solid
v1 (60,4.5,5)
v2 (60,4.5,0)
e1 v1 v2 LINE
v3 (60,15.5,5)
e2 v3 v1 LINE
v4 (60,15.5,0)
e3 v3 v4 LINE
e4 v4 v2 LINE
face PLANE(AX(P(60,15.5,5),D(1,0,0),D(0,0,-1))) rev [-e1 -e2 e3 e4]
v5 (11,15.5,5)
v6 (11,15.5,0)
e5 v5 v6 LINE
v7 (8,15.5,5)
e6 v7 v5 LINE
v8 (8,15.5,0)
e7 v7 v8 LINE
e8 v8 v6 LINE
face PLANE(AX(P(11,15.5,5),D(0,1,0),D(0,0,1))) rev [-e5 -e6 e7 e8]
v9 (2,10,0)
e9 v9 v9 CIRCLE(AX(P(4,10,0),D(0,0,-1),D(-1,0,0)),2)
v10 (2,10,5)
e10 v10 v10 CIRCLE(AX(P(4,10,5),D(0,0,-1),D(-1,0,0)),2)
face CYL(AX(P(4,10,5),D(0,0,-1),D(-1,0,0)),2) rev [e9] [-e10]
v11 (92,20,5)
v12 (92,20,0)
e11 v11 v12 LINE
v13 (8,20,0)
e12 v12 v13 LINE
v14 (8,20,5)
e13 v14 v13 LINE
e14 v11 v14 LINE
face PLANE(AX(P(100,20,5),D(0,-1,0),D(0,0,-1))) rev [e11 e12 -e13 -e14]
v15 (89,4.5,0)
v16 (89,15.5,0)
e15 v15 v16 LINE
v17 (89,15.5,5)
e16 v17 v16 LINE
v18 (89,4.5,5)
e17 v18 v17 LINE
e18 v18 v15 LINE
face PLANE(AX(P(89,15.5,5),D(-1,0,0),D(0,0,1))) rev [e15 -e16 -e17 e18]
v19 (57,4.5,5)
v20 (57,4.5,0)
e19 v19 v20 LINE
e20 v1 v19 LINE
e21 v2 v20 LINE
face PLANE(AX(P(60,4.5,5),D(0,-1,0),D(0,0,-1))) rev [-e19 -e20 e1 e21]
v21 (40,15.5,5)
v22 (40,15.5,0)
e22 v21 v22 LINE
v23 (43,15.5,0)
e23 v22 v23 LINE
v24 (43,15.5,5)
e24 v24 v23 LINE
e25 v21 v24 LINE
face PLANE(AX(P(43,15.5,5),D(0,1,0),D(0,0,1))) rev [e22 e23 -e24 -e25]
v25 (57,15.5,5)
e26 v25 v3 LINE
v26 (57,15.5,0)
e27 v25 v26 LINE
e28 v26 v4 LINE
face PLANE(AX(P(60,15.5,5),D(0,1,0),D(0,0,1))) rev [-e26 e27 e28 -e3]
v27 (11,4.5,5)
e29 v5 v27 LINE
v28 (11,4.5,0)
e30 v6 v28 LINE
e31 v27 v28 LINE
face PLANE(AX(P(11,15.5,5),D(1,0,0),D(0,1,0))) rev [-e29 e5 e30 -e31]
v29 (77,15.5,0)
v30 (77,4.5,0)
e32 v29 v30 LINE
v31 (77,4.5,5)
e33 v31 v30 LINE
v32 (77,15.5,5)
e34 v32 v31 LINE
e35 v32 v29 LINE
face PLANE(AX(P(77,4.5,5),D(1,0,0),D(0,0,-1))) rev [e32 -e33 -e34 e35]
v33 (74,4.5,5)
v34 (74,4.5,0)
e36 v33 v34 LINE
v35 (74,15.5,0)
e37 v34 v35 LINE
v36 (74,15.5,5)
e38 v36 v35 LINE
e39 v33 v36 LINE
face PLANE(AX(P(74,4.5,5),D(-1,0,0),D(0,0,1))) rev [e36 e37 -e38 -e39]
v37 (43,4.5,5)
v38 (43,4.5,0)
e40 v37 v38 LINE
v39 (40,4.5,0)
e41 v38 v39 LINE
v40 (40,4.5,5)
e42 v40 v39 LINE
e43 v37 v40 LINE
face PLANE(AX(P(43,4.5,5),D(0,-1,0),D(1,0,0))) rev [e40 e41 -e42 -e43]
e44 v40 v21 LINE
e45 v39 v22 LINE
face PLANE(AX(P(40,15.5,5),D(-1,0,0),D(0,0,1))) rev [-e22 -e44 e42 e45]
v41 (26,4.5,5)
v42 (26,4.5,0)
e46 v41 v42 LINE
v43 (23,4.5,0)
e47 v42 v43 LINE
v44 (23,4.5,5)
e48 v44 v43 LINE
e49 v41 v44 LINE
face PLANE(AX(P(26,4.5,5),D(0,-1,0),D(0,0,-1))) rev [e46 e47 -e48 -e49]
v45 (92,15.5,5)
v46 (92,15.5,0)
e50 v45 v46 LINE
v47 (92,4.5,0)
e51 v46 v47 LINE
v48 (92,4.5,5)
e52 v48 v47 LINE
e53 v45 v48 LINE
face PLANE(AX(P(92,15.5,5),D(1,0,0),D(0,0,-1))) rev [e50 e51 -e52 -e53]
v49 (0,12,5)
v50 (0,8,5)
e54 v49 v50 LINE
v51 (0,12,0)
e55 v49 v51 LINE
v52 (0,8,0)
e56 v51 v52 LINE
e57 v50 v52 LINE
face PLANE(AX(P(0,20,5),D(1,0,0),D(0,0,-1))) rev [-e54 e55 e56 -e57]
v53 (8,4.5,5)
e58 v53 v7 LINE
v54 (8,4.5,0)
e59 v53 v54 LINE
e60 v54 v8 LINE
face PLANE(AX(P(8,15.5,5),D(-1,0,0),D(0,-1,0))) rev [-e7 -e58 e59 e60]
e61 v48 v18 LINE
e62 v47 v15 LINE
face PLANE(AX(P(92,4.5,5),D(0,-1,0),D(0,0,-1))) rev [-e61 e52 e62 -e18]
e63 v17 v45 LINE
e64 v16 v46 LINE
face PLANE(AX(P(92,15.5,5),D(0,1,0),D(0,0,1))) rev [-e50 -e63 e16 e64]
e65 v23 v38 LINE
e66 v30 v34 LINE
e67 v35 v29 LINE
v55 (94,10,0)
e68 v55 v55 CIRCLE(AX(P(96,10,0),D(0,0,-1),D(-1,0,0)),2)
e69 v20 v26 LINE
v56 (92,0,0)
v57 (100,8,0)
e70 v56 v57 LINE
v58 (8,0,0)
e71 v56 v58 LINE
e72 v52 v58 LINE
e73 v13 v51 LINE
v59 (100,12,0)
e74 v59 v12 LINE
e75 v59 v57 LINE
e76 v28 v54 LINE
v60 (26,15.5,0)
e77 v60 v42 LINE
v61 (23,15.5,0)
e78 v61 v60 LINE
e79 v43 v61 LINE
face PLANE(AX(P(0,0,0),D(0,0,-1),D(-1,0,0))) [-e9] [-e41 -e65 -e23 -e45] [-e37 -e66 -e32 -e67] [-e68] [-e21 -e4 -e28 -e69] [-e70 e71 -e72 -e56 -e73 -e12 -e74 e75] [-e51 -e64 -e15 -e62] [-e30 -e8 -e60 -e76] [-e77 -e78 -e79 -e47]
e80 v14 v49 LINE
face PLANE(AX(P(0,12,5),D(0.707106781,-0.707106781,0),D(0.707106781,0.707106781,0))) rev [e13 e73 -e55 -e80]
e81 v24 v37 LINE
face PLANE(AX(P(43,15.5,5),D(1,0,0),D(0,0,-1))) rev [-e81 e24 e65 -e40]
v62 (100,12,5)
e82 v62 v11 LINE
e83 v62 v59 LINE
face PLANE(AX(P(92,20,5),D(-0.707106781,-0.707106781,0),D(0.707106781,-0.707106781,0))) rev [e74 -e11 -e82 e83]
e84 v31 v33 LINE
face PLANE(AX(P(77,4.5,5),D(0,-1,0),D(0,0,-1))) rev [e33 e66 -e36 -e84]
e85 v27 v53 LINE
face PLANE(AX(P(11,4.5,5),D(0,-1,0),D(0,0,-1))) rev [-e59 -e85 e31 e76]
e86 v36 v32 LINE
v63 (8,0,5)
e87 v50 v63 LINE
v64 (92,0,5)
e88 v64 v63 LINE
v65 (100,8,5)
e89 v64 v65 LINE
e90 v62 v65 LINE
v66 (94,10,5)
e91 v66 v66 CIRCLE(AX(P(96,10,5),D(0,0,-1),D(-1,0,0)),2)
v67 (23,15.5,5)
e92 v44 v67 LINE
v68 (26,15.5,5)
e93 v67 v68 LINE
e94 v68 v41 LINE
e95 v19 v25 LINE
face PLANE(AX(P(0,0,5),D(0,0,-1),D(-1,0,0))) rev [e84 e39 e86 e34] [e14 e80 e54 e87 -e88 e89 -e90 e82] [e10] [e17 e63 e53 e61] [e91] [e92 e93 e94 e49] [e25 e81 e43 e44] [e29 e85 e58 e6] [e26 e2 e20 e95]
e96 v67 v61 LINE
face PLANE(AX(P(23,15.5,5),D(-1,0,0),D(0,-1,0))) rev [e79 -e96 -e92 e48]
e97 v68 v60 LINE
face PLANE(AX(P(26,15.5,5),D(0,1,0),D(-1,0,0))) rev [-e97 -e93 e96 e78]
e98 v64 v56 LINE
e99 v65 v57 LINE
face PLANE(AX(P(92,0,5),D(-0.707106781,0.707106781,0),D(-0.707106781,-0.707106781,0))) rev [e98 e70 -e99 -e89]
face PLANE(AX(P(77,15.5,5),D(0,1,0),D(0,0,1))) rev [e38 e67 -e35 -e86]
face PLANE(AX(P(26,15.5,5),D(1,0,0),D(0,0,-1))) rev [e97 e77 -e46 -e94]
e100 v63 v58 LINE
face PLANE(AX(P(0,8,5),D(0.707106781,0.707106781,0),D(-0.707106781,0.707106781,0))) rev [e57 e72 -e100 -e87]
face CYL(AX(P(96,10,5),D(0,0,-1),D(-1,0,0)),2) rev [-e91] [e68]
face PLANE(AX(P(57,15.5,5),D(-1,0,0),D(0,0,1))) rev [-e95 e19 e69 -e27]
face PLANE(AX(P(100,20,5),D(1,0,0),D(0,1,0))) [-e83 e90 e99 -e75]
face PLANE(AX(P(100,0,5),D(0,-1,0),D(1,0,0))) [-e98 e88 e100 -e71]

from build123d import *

# Parameters (mm, degrees)
SKETCH1_W           = 100
SKETCH1_H           = 20
BOSS_EXTRUDE1_DEPTH = 5
SKETCH2_R           = 2
SKETCH2_W           = 3
SKETCH2_H           = 11
CUT_EXTRUDE1_DEPTH  = 5
CUT_EXTRUDE2_DEPTH  = 5


with BuildPart() as part:
    # Sketch1 → Boss-Extrude1 (new body)
    with BuildSketch(Plane.XY):
        with Locations((50, 10)):
            Rectangle(SKETCH1_W, SKETCH1_H)
    extrude(amount=BOSS_EXTRUDE1_DEPTH)

    # Sketch2 → Cut-Extrude1 (cut)
    with BuildSketch(Plane(origin=(0, 0, 0), x_dir=(-1, 0, 0), z_dir=(0, 0, -1))):
        with Locations((-96, 10)):
            Circle(SKETCH2_R)
        with Locations((-4, 10)):
            Circle(SKETCH2_R)
        with Locations((-90.5, 10)):
            Rectangle(SKETCH2_W, SKETCH2_H)
        with Locations((-75.5, 10)):
            Rectangle(SKETCH2_W, SKETCH2_H)
        with Locations((-58.5, 10)):
            Rectangle(SKETCH2_W, SKETCH2_H)
        with Locations((-41.5, 10)):
            Rectangle(SKETCH2_W, SKETCH2_H)
        with Locations((-24.5, 10)):
            Rectangle(SKETCH2_W, SKETCH2_H)
        with Locations((-9.5, 10)):
            Rectangle(SKETCH2_W, SKETCH2_H)
    extrude(amount=-CUT_EXTRUDE1_DEPTH, mode=Mode.SUBTRACT)

    # Sketch3 → Cut-Extrude2 (cut)
    with BuildSketch(Plane(origin=(0, 0, 0), x_dir=(-1, 0, 0), z_dir=(0, 0, -1))):
        Polygon((-92, 20), (-100, 12), (-100, 20), align=None)
        Polygon((-100, 8), (-100, 0), (-92, 0), align=None)
        Polygon((-8, 20), (0, 20), (0, 12), align=None)
        Polygon((0, 8), (-8, 0), (0, 0), align=None)
    extrude(amount=-CUT_EXTRUDE2_DEPTH, mode=Mode.SUBTRACT)


solid = part.part
